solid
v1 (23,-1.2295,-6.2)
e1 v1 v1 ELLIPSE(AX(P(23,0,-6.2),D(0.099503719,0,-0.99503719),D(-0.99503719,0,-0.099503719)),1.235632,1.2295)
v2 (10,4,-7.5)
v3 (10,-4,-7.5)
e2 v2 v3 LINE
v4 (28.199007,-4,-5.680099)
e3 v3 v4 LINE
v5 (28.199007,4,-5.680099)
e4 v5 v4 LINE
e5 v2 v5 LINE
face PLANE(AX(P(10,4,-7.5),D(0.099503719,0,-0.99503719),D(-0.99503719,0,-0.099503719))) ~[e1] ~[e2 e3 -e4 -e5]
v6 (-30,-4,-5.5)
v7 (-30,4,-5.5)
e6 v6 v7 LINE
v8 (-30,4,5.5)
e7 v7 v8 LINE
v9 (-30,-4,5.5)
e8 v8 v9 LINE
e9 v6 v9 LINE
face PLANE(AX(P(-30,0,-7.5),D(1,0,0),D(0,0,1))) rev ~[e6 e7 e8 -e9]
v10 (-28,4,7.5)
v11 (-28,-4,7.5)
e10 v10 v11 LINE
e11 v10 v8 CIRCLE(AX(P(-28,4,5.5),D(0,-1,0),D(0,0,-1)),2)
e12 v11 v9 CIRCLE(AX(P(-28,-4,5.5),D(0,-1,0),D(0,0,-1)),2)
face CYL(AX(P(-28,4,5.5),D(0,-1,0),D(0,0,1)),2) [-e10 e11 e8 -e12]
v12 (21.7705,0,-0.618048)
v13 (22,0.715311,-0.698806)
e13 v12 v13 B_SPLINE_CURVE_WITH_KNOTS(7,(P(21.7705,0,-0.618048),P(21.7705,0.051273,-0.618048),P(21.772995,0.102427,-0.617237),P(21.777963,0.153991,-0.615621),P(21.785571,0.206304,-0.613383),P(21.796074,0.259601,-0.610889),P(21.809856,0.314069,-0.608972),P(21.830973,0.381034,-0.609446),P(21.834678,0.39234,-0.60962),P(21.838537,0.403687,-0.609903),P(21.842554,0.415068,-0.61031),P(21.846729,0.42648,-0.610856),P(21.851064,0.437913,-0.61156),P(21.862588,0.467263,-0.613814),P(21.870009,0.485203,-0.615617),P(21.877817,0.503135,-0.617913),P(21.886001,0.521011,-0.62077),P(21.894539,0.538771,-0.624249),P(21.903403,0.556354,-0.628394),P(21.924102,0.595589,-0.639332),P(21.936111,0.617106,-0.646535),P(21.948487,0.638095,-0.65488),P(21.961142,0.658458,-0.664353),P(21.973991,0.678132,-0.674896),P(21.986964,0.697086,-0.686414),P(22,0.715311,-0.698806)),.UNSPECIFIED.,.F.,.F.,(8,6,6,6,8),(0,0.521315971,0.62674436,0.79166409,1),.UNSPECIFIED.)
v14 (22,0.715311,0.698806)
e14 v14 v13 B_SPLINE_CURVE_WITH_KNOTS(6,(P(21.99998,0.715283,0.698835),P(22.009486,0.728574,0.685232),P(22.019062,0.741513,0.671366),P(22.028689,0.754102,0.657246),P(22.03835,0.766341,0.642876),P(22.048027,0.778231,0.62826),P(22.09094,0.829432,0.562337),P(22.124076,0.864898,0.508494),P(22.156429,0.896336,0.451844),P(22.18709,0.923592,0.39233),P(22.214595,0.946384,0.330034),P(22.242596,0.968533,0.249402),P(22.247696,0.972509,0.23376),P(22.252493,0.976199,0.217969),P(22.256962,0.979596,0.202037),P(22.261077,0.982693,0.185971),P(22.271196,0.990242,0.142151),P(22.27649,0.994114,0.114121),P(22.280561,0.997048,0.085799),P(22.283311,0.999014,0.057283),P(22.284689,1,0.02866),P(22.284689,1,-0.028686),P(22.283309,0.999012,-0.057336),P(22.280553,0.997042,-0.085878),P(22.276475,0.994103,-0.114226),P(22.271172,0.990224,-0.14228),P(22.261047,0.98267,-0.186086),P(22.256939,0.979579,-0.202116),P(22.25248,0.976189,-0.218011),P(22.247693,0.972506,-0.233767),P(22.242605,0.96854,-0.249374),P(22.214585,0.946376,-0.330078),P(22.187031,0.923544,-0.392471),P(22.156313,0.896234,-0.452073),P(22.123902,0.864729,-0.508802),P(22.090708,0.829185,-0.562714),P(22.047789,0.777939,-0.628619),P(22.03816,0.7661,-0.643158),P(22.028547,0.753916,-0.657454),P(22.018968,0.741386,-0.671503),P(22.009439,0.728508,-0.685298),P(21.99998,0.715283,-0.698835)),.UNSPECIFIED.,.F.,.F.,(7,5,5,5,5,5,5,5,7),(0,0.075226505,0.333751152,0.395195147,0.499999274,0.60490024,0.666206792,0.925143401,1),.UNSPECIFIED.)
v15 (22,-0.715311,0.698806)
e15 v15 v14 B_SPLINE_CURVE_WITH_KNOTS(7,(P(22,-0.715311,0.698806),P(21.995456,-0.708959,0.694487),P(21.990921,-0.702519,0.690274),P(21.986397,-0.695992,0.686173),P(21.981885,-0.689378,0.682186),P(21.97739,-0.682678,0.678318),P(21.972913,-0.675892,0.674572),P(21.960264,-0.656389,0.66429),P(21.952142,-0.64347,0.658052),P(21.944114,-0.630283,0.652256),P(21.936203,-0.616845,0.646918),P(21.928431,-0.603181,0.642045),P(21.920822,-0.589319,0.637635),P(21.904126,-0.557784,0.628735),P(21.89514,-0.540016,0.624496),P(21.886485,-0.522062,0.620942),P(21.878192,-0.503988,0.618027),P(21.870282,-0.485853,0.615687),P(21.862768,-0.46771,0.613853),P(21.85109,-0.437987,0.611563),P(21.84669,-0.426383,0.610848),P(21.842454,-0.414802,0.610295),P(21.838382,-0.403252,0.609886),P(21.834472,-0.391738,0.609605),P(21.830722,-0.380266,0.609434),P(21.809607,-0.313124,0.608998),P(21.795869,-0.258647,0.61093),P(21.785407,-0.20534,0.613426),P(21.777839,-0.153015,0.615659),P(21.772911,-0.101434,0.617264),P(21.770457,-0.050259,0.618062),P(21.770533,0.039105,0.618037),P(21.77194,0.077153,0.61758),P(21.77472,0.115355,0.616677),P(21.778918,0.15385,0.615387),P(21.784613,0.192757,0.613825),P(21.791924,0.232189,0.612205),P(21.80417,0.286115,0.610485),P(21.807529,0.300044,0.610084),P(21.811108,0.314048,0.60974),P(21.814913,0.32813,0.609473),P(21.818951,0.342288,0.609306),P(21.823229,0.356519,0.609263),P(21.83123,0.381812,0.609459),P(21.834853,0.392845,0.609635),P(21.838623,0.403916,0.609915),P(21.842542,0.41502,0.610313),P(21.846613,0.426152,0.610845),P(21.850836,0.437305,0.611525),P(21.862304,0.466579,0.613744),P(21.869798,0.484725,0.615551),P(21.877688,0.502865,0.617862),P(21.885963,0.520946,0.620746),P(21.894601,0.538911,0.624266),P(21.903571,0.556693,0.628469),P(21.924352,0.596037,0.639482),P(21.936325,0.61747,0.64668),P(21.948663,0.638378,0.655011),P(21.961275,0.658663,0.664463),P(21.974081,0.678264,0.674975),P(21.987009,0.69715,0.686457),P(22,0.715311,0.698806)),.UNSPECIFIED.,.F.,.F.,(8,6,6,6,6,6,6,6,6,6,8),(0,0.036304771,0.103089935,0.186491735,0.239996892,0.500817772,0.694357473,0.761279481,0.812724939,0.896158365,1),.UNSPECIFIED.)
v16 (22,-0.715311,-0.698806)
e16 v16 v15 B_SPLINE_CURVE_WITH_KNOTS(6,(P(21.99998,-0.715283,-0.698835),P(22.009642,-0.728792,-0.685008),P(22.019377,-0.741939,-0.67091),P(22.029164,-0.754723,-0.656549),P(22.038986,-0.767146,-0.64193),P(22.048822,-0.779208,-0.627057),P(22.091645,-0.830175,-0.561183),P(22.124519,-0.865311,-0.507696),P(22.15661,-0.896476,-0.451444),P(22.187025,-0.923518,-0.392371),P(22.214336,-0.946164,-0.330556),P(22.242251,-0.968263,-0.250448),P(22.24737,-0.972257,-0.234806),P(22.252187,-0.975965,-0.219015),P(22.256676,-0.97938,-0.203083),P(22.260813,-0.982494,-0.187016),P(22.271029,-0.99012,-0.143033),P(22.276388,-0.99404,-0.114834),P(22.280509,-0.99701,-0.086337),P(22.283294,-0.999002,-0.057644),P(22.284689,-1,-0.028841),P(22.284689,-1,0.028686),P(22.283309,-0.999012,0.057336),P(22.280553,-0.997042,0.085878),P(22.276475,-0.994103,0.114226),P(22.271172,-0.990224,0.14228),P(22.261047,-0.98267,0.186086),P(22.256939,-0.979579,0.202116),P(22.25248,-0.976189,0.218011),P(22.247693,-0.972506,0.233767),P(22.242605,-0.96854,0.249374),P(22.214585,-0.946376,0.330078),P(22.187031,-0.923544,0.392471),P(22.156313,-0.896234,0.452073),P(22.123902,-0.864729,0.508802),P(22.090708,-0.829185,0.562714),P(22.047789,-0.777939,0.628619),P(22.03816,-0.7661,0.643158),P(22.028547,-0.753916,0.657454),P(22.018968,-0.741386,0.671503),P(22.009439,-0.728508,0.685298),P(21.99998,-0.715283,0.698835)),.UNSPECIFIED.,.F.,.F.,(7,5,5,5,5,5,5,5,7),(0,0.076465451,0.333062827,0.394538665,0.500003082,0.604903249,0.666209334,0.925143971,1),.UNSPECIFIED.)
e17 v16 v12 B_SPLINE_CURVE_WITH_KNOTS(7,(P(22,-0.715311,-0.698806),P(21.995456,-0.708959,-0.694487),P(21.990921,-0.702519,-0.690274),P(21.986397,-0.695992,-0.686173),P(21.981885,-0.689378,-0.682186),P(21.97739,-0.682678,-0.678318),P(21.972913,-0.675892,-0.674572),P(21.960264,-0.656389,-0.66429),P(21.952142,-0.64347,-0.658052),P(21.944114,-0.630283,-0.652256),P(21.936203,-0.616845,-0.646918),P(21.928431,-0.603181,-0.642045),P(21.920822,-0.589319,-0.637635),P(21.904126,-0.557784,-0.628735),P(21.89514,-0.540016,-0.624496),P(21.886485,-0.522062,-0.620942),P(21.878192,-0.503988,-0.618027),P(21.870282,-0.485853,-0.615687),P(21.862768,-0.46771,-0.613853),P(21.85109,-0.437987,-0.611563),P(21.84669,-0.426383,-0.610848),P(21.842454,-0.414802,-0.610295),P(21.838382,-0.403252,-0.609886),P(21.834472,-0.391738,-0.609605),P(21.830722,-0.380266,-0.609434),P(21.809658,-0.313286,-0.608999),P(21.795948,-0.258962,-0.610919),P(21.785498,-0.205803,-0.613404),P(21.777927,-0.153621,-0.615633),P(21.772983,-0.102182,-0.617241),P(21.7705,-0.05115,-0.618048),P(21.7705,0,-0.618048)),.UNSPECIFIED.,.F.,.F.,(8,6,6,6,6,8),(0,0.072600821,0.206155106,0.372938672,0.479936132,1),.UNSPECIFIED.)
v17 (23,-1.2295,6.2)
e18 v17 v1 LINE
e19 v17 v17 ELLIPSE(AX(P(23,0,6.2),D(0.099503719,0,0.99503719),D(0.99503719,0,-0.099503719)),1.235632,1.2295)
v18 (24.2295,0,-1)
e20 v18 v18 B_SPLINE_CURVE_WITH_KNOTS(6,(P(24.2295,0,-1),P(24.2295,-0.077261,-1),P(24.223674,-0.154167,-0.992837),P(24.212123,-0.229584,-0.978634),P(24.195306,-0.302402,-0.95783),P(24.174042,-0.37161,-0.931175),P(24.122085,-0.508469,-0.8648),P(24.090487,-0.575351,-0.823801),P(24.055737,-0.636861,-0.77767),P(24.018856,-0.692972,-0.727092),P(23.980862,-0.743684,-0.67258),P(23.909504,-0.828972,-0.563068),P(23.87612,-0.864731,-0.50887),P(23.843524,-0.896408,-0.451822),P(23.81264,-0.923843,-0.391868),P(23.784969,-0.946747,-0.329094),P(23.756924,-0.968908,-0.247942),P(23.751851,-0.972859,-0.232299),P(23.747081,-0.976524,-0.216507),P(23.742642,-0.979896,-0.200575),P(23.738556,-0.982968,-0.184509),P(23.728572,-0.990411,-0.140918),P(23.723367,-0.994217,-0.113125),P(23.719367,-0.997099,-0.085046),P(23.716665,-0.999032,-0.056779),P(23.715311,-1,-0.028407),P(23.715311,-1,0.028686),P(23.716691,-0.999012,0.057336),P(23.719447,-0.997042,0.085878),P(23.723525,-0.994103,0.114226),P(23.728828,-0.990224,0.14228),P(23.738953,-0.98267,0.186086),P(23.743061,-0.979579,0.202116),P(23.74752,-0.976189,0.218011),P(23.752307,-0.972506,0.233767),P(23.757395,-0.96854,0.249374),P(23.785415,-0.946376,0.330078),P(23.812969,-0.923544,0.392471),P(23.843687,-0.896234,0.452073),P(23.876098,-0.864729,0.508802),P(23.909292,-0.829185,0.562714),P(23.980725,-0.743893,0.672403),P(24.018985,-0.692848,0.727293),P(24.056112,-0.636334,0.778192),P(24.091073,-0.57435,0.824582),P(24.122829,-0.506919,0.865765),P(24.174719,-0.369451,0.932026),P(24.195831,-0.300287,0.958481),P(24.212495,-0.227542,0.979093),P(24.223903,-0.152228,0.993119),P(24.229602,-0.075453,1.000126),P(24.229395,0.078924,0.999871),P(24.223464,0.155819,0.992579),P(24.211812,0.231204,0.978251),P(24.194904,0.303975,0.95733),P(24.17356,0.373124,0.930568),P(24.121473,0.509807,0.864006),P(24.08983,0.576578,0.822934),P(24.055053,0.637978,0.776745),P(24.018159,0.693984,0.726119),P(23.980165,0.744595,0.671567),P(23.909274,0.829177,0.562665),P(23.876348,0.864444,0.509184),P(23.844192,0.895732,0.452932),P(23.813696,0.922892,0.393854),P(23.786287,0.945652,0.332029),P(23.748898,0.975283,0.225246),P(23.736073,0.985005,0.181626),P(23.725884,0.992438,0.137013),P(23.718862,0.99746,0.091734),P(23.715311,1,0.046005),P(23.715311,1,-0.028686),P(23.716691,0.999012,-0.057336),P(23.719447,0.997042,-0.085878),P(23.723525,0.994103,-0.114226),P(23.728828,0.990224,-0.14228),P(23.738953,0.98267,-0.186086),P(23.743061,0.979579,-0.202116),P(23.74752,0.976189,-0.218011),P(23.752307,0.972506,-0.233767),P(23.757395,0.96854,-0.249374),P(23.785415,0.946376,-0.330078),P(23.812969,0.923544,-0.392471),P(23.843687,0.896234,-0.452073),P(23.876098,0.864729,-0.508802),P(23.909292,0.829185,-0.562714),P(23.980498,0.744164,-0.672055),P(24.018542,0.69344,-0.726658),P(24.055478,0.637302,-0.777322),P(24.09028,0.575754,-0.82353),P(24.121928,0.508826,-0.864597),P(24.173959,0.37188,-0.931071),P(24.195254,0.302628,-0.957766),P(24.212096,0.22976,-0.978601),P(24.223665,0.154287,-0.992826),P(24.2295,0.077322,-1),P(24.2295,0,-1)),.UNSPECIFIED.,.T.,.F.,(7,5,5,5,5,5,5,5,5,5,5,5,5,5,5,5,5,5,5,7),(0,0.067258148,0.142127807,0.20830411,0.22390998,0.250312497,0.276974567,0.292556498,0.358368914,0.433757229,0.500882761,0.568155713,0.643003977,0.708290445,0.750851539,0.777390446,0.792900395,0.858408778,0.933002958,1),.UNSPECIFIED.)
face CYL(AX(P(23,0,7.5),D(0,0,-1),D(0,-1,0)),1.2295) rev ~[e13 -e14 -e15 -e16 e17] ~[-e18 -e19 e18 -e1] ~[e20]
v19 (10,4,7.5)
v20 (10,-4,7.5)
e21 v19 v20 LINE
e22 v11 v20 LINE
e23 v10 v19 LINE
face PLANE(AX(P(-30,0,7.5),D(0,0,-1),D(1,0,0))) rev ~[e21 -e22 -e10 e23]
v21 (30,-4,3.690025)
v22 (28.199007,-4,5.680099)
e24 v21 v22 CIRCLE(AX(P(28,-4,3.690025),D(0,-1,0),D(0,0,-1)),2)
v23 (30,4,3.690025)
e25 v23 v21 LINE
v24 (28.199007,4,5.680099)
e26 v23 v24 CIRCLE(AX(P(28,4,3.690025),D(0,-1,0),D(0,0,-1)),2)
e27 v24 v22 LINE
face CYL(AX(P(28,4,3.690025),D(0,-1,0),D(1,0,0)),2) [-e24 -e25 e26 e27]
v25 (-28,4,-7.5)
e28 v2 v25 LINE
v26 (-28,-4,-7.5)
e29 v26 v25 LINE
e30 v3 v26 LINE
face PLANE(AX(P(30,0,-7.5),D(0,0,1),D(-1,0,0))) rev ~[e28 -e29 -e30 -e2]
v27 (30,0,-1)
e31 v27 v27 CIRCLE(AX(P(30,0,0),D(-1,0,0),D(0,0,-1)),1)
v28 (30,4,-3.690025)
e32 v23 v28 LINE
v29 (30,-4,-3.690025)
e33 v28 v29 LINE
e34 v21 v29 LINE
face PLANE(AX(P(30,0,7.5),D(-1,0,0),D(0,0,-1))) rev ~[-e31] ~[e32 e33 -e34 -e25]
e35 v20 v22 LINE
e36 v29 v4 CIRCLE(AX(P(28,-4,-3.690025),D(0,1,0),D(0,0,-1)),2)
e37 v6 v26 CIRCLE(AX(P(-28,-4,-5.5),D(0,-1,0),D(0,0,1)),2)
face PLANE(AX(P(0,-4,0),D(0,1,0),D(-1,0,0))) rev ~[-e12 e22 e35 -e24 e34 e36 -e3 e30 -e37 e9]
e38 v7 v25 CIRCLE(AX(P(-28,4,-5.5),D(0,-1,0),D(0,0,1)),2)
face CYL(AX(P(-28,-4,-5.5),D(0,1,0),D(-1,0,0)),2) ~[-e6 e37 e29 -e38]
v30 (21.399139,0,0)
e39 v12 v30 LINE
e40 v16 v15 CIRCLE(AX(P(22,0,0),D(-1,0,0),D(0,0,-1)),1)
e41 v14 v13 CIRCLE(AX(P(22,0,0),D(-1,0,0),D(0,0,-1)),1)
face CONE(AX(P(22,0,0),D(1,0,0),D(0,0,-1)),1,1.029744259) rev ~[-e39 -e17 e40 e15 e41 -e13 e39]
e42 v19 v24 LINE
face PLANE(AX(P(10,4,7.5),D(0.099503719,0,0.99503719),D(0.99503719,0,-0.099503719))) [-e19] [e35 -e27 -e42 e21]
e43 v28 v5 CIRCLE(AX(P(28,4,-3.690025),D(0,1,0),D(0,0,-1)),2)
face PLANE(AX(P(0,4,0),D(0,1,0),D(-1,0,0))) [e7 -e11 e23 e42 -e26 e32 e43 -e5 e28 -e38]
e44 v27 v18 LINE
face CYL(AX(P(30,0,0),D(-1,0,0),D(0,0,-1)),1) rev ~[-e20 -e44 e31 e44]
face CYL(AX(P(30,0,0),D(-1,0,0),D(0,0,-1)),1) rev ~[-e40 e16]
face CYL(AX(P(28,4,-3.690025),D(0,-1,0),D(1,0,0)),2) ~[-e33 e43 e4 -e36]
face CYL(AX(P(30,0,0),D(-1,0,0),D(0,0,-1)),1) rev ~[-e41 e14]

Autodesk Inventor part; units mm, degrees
ref_plane "YZ Plane" through (0, 0, 0) normal (1, 0, 0) x (0, 1, 0)
ref_plane "XZ Plane" through (0, 0, 0) normal (0, 1, 0) x (-1, 0, 0)
ref_plane "XY Plane" through (0, 0, 0) normal (0, 0, 1) x (1, 0, 0)
sketch "Sketch1" plane through (0, 0, 0) normal (0, 1, 0) x (-1, 0, 0)
  line L0 (-30, -7.5) -> (30, -7.5)
  line L1 (30, -7.5) -> (30, 7.5)
  line L2 (30, 7.5) -> (-30, 7.5)
  line L3 (-30, 7.5) -> (-30, -7.5)
  line L4 (-30, -7.5) -> (30, 7.5) construction
  line L5 (30, -7.5) -> (-30, 7.5) construction
  point P0 (0, 0)
  dimension "d0" = 15
  dimension "d1" = 60
extrude "Extrusion1" add sketch "Sketch1" along normal mid plane 8
sketch "Sketch2" plane through (0, 4, 0) normal (0, 1, 0) x (1, 0, 0)
  line L0 (30, 7.5) -> (-30, 7.5) projected
  line L1 (-30, 7.5) -> (-30, -7.5) projected
  line L2 (-30, -7.5) -> (30, -7.5) projected
  line L3 (30, -7.5) -> (30, 7.5) projected
  line L4 (-30, -7.5) -> (30, -7.5) projected
  line L5 (10, -7.5) -> (30, -5.5)
  line L6 (30, -7.5) -> (30, 7.5) projected
  point P0 (0, 0)
  dimension "d4" = 20
  dimension "d5" = 2
extrude "Extrusion2" cut sketch "Sketch2" against normal through all contours L3 L2 L5
mirror "Mirror1" about plane through (0, 0, 0) normal (0, 0, 1) of "Extrusion2"
fillet "Fillet1" radius 2 6 edges at (-30, 0, 7.5) (-30, 0, -7.5) (10, 0, -7.5) (10, 0, 7.5) (30, 0, 5.5) (30, 0, -5.5)
sketch "Sketch3" plane through (30, -4, 3.69) normal (1, 0, 0) x (0, 0, -1)
  line L0 (7.38, 8) -> (7.38, 0) projected
  line L1 (0, 8) -> (7.38, 8) projected
  line L2 (0, 0) -> (0, 8) projected
  line L3 (7.38, 0) -> (0, 0) projected
  line L4 (7.38, 8) -> (0, 8)
  line L5 (0, 8) -> (0, 0)
  line L6 (0, 0) -> (7.38, 0)
  line L7 (7.38, 0) -> (7.38, 8)
  line L8 (7.38, 8) -> (0, 0) construction
  line L9 (0, 8) -> (7.38, 0) construction
  point P0 (3.69, 4)
  point P1 (3.69, 4)
hole "Hole1" at (30, 0, 0) direction (-1, 0, 0) diameter 2 depth 8 tip angle 118
sketch "Sketch4" plane through (-28, -4, 7.5) normal (0, 0, 1) x (1, 0, 0)
  line L0 (58, 0) -> (58, 8) projected
  point P0 (28, 4)
  point P1 (51, 4)
  point P2 (58, 4)
  dimension "d16" = 7
hole "Hole2" at (23, 0, 7.5) direction (0, 0, -1) diameter 2.459 end through all thread size "M3x0.5" class "6H" standard "ANSI Metric M Profile"
properties part number "Switch_Extend"
